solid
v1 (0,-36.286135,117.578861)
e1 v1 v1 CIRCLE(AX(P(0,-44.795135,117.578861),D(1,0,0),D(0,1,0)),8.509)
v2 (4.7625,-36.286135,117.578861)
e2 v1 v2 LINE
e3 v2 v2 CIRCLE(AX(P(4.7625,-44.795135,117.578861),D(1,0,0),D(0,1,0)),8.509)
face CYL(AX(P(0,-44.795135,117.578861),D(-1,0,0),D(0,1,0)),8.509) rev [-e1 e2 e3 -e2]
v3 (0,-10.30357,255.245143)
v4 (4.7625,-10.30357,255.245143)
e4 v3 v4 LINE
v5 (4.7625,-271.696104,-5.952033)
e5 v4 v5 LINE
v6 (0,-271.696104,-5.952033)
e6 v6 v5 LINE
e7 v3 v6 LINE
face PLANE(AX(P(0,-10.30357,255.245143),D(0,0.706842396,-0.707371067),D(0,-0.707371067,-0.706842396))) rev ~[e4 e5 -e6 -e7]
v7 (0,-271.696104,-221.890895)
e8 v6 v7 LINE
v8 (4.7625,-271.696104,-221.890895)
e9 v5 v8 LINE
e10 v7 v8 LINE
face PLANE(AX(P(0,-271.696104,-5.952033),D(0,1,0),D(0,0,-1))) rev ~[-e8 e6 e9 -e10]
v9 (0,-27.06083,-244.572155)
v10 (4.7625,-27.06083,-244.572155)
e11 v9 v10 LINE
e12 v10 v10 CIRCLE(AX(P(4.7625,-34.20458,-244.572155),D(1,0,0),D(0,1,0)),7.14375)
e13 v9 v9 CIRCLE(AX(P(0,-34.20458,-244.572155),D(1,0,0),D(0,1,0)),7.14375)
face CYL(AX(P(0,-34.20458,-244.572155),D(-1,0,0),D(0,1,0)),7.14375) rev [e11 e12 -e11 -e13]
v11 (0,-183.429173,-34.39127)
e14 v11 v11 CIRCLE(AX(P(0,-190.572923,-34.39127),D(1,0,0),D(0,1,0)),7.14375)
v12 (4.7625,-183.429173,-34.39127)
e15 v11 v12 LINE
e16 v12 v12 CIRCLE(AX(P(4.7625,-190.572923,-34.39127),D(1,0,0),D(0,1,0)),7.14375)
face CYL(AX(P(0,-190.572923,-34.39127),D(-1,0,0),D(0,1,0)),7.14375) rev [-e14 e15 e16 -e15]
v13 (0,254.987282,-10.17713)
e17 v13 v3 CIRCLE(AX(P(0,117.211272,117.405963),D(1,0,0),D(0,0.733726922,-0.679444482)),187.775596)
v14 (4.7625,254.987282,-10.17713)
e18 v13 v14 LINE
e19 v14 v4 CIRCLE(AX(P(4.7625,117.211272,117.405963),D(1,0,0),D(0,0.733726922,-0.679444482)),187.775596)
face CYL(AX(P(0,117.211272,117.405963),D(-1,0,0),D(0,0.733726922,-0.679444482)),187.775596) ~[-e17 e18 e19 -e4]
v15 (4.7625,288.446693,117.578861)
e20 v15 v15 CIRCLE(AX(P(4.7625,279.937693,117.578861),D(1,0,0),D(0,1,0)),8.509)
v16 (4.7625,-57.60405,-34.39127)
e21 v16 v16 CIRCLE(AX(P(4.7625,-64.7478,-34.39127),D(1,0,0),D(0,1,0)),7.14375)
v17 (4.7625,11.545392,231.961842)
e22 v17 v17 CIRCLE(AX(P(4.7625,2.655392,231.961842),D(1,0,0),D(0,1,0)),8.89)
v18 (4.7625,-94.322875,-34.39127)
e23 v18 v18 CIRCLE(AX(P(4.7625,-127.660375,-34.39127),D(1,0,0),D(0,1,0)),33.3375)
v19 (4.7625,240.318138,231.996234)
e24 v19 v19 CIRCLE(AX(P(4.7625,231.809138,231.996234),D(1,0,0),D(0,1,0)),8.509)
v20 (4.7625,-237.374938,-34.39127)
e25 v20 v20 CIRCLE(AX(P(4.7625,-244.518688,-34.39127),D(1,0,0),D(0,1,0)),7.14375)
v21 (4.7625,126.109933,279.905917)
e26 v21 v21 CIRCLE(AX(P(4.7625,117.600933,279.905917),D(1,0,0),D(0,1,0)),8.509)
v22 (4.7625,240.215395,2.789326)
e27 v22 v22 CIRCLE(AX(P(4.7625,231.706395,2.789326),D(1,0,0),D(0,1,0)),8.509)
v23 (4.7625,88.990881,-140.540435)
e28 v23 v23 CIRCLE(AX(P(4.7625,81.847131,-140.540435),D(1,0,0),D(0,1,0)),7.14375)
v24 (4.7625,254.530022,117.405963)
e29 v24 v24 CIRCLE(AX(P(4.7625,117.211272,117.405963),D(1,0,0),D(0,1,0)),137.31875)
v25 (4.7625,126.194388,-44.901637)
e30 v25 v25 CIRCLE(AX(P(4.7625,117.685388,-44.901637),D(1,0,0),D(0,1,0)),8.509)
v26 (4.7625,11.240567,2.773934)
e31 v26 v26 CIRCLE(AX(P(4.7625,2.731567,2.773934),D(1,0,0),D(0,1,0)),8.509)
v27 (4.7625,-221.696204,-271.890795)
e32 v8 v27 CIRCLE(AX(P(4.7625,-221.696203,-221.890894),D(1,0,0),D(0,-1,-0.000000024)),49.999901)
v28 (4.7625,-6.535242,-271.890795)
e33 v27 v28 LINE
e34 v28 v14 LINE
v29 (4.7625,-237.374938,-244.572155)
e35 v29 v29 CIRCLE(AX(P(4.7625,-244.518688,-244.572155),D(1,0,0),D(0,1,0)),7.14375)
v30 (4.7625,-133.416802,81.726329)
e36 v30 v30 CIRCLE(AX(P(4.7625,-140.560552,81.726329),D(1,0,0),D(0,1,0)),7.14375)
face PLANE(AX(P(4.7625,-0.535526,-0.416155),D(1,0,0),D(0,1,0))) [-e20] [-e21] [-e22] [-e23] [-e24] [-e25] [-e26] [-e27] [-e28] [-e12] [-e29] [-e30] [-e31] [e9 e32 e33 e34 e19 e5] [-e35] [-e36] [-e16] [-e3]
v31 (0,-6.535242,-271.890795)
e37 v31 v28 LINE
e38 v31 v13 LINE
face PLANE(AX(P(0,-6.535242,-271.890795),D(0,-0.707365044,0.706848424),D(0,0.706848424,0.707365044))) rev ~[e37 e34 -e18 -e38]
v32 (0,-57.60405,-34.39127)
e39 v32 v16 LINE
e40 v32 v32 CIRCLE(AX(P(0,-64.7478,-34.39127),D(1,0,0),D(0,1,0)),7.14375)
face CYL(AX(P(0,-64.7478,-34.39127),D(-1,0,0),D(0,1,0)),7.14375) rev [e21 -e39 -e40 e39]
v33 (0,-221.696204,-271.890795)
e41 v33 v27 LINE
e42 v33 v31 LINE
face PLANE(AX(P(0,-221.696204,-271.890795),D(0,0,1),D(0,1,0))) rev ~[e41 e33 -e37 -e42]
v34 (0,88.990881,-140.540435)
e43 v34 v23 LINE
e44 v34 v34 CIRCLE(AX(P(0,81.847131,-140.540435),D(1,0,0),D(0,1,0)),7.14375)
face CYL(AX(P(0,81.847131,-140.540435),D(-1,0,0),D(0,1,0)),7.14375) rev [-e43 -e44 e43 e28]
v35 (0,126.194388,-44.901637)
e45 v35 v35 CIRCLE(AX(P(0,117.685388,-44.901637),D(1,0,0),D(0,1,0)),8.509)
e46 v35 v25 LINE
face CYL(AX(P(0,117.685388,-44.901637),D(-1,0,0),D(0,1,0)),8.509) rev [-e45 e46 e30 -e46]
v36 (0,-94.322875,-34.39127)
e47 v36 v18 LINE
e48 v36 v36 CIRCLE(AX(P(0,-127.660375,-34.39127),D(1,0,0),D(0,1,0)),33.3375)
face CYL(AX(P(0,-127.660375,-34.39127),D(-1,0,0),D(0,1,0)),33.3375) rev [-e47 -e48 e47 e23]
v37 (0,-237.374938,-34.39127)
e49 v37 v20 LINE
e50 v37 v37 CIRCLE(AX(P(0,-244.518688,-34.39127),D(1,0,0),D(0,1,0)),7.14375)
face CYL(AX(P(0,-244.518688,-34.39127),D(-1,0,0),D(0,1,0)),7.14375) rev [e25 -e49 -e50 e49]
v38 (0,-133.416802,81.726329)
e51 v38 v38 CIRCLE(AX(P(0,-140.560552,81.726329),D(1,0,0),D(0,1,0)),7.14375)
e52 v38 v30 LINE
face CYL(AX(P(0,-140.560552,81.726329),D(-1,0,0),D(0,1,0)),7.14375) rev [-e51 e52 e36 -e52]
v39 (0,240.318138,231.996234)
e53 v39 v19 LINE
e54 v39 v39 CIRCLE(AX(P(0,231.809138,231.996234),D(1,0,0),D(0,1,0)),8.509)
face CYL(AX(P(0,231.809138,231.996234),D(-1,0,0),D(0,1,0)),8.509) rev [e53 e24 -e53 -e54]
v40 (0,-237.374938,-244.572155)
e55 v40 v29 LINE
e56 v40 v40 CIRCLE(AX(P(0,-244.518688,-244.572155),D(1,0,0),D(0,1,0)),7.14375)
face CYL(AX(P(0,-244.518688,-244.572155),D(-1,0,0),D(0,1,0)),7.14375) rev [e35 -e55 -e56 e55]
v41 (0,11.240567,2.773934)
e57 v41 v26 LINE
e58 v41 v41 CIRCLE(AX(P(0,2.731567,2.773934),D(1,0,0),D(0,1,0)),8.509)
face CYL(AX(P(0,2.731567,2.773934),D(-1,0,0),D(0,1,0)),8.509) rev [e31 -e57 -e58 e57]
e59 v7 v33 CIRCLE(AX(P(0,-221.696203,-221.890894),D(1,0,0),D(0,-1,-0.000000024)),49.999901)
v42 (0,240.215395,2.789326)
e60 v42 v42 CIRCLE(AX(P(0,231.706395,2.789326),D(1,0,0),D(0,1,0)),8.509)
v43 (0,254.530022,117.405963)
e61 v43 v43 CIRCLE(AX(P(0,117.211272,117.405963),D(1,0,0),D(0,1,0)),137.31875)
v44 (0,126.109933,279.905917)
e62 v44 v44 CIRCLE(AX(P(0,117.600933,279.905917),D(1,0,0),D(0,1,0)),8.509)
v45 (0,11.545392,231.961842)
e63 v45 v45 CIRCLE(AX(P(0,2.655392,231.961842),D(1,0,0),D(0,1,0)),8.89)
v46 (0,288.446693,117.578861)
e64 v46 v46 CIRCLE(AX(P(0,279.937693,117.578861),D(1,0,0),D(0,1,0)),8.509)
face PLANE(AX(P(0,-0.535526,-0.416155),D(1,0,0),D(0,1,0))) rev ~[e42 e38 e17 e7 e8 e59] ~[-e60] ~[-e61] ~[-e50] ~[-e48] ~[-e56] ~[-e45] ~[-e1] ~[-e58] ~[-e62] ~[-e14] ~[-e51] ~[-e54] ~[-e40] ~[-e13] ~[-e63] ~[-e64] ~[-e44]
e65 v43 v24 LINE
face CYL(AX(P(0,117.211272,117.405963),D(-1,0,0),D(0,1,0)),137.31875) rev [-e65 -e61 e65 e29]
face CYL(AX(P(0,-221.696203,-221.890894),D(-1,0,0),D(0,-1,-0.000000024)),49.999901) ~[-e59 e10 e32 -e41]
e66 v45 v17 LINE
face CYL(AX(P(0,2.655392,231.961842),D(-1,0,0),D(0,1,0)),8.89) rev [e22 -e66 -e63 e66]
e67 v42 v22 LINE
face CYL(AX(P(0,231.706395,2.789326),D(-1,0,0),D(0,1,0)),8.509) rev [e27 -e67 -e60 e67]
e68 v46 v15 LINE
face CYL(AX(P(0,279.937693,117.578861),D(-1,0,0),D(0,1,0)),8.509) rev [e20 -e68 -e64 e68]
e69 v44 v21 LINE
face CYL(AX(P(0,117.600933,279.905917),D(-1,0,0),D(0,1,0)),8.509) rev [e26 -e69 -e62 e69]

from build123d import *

# Parameters (mm, degrees)
F0_R     = 7.14375
F0_R_2   = 33.3375
F0_R_3   = 8.509
F0_R_4   = 8.89
F0_R_5   = 137.31875
F1_DEPTH = 4.7625


with BuildPart() as f1:
    # F0 (on Right) → F1 (new body)
    with BuildSketch(Plane.YZ):
        with BuildLine():
            Line((-271.696104, -5.952033), (-271.696104, -221.890895))
            ThreePointArc((-271.696104, -221.890895), (-257.051472, -257.246163), (-221.696204, -271.890795))
            Line((-221.696204, -271.890795), (-6.535242, -271.890795))
            Line((-6.535242, -271.890795), (254.987282, -10.17713))
            ThreePointArc((254.987282, -10.17713), (250.021545, 250.150476), (-10.30357, 255.245143))
            Line((-10.30357, 255.245143), (-271.696104, -5.952033))
        make_face()
        with Locations((-244.518688, -244.572155)):
            Circle(F0_R, mode=Mode.SUBTRACT)
        with Locations((-34.20458, -244.572155)):
            Circle(F0_R, mode=Mode.SUBTRACT)
        with Locations((-244.518688, -34.39127)):
            Circle(F0_R, mode=Mode.SUBTRACT)
        with Locations((-190.572923, -34.39127)):
            Circle(F0_R, mode=Mode.SUBTRACT)
        with Locations((-127.660375, -34.39127)):
            Circle(F0_R_2, mode=Mode.SUBTRACT)
        with Locations((-64.7478, -34.39127)):
            Circle(F0_R, mode=Mode.SUBTRACT)
        with Locations((2.731567, 2.773934)):
            Circle(F0_R_3, mode=Mode.SUBTRACT)
        with Locations((81.847131, -140.540435)):
            Circle(F0_R, mode=Mode.SUBTRACT)
        with Locations((117.685388, -44.901637)):
            Circle(F0_R_3, mode=Mode.SUBTRACT)
        with Locations((231.706395, 2.789326)):
            Circle(F0_R_3, mode=Mode.SUBTRACT)
        with Locations((-140.560552, 81.726329)):
            Circle(F0_R, mode=Mode.SUBTRACT)
        with Locations((-44.795135, 117.578861)):
            Circle(F0_R_3, mode=Mode.SUBTRACT)
        with Locations((2.655392, 231.961842)):
            Circle(F0_R_4, mode=Mode.SUBTRACT)
        with Locations((117.211272, 117.405963)):
            Circle(F0_R_5, mode=Mode.SUBTRACT)
        with Locations((279.937693, 117.578861)):
            Circle(F0_R_3, mode=Mode.SUBTRACT)
        with Locations((117.600933, 279.905917)):
            Circle(F0_R_3, mode=Mode.SUBTRACT)
        with Locations((231.809138, 231.996234)):
            Circle(F0_R_3, mode=Mode.SUBTRACT)
    extrude(amount=F1_DEPTH)


solid = f1.part
